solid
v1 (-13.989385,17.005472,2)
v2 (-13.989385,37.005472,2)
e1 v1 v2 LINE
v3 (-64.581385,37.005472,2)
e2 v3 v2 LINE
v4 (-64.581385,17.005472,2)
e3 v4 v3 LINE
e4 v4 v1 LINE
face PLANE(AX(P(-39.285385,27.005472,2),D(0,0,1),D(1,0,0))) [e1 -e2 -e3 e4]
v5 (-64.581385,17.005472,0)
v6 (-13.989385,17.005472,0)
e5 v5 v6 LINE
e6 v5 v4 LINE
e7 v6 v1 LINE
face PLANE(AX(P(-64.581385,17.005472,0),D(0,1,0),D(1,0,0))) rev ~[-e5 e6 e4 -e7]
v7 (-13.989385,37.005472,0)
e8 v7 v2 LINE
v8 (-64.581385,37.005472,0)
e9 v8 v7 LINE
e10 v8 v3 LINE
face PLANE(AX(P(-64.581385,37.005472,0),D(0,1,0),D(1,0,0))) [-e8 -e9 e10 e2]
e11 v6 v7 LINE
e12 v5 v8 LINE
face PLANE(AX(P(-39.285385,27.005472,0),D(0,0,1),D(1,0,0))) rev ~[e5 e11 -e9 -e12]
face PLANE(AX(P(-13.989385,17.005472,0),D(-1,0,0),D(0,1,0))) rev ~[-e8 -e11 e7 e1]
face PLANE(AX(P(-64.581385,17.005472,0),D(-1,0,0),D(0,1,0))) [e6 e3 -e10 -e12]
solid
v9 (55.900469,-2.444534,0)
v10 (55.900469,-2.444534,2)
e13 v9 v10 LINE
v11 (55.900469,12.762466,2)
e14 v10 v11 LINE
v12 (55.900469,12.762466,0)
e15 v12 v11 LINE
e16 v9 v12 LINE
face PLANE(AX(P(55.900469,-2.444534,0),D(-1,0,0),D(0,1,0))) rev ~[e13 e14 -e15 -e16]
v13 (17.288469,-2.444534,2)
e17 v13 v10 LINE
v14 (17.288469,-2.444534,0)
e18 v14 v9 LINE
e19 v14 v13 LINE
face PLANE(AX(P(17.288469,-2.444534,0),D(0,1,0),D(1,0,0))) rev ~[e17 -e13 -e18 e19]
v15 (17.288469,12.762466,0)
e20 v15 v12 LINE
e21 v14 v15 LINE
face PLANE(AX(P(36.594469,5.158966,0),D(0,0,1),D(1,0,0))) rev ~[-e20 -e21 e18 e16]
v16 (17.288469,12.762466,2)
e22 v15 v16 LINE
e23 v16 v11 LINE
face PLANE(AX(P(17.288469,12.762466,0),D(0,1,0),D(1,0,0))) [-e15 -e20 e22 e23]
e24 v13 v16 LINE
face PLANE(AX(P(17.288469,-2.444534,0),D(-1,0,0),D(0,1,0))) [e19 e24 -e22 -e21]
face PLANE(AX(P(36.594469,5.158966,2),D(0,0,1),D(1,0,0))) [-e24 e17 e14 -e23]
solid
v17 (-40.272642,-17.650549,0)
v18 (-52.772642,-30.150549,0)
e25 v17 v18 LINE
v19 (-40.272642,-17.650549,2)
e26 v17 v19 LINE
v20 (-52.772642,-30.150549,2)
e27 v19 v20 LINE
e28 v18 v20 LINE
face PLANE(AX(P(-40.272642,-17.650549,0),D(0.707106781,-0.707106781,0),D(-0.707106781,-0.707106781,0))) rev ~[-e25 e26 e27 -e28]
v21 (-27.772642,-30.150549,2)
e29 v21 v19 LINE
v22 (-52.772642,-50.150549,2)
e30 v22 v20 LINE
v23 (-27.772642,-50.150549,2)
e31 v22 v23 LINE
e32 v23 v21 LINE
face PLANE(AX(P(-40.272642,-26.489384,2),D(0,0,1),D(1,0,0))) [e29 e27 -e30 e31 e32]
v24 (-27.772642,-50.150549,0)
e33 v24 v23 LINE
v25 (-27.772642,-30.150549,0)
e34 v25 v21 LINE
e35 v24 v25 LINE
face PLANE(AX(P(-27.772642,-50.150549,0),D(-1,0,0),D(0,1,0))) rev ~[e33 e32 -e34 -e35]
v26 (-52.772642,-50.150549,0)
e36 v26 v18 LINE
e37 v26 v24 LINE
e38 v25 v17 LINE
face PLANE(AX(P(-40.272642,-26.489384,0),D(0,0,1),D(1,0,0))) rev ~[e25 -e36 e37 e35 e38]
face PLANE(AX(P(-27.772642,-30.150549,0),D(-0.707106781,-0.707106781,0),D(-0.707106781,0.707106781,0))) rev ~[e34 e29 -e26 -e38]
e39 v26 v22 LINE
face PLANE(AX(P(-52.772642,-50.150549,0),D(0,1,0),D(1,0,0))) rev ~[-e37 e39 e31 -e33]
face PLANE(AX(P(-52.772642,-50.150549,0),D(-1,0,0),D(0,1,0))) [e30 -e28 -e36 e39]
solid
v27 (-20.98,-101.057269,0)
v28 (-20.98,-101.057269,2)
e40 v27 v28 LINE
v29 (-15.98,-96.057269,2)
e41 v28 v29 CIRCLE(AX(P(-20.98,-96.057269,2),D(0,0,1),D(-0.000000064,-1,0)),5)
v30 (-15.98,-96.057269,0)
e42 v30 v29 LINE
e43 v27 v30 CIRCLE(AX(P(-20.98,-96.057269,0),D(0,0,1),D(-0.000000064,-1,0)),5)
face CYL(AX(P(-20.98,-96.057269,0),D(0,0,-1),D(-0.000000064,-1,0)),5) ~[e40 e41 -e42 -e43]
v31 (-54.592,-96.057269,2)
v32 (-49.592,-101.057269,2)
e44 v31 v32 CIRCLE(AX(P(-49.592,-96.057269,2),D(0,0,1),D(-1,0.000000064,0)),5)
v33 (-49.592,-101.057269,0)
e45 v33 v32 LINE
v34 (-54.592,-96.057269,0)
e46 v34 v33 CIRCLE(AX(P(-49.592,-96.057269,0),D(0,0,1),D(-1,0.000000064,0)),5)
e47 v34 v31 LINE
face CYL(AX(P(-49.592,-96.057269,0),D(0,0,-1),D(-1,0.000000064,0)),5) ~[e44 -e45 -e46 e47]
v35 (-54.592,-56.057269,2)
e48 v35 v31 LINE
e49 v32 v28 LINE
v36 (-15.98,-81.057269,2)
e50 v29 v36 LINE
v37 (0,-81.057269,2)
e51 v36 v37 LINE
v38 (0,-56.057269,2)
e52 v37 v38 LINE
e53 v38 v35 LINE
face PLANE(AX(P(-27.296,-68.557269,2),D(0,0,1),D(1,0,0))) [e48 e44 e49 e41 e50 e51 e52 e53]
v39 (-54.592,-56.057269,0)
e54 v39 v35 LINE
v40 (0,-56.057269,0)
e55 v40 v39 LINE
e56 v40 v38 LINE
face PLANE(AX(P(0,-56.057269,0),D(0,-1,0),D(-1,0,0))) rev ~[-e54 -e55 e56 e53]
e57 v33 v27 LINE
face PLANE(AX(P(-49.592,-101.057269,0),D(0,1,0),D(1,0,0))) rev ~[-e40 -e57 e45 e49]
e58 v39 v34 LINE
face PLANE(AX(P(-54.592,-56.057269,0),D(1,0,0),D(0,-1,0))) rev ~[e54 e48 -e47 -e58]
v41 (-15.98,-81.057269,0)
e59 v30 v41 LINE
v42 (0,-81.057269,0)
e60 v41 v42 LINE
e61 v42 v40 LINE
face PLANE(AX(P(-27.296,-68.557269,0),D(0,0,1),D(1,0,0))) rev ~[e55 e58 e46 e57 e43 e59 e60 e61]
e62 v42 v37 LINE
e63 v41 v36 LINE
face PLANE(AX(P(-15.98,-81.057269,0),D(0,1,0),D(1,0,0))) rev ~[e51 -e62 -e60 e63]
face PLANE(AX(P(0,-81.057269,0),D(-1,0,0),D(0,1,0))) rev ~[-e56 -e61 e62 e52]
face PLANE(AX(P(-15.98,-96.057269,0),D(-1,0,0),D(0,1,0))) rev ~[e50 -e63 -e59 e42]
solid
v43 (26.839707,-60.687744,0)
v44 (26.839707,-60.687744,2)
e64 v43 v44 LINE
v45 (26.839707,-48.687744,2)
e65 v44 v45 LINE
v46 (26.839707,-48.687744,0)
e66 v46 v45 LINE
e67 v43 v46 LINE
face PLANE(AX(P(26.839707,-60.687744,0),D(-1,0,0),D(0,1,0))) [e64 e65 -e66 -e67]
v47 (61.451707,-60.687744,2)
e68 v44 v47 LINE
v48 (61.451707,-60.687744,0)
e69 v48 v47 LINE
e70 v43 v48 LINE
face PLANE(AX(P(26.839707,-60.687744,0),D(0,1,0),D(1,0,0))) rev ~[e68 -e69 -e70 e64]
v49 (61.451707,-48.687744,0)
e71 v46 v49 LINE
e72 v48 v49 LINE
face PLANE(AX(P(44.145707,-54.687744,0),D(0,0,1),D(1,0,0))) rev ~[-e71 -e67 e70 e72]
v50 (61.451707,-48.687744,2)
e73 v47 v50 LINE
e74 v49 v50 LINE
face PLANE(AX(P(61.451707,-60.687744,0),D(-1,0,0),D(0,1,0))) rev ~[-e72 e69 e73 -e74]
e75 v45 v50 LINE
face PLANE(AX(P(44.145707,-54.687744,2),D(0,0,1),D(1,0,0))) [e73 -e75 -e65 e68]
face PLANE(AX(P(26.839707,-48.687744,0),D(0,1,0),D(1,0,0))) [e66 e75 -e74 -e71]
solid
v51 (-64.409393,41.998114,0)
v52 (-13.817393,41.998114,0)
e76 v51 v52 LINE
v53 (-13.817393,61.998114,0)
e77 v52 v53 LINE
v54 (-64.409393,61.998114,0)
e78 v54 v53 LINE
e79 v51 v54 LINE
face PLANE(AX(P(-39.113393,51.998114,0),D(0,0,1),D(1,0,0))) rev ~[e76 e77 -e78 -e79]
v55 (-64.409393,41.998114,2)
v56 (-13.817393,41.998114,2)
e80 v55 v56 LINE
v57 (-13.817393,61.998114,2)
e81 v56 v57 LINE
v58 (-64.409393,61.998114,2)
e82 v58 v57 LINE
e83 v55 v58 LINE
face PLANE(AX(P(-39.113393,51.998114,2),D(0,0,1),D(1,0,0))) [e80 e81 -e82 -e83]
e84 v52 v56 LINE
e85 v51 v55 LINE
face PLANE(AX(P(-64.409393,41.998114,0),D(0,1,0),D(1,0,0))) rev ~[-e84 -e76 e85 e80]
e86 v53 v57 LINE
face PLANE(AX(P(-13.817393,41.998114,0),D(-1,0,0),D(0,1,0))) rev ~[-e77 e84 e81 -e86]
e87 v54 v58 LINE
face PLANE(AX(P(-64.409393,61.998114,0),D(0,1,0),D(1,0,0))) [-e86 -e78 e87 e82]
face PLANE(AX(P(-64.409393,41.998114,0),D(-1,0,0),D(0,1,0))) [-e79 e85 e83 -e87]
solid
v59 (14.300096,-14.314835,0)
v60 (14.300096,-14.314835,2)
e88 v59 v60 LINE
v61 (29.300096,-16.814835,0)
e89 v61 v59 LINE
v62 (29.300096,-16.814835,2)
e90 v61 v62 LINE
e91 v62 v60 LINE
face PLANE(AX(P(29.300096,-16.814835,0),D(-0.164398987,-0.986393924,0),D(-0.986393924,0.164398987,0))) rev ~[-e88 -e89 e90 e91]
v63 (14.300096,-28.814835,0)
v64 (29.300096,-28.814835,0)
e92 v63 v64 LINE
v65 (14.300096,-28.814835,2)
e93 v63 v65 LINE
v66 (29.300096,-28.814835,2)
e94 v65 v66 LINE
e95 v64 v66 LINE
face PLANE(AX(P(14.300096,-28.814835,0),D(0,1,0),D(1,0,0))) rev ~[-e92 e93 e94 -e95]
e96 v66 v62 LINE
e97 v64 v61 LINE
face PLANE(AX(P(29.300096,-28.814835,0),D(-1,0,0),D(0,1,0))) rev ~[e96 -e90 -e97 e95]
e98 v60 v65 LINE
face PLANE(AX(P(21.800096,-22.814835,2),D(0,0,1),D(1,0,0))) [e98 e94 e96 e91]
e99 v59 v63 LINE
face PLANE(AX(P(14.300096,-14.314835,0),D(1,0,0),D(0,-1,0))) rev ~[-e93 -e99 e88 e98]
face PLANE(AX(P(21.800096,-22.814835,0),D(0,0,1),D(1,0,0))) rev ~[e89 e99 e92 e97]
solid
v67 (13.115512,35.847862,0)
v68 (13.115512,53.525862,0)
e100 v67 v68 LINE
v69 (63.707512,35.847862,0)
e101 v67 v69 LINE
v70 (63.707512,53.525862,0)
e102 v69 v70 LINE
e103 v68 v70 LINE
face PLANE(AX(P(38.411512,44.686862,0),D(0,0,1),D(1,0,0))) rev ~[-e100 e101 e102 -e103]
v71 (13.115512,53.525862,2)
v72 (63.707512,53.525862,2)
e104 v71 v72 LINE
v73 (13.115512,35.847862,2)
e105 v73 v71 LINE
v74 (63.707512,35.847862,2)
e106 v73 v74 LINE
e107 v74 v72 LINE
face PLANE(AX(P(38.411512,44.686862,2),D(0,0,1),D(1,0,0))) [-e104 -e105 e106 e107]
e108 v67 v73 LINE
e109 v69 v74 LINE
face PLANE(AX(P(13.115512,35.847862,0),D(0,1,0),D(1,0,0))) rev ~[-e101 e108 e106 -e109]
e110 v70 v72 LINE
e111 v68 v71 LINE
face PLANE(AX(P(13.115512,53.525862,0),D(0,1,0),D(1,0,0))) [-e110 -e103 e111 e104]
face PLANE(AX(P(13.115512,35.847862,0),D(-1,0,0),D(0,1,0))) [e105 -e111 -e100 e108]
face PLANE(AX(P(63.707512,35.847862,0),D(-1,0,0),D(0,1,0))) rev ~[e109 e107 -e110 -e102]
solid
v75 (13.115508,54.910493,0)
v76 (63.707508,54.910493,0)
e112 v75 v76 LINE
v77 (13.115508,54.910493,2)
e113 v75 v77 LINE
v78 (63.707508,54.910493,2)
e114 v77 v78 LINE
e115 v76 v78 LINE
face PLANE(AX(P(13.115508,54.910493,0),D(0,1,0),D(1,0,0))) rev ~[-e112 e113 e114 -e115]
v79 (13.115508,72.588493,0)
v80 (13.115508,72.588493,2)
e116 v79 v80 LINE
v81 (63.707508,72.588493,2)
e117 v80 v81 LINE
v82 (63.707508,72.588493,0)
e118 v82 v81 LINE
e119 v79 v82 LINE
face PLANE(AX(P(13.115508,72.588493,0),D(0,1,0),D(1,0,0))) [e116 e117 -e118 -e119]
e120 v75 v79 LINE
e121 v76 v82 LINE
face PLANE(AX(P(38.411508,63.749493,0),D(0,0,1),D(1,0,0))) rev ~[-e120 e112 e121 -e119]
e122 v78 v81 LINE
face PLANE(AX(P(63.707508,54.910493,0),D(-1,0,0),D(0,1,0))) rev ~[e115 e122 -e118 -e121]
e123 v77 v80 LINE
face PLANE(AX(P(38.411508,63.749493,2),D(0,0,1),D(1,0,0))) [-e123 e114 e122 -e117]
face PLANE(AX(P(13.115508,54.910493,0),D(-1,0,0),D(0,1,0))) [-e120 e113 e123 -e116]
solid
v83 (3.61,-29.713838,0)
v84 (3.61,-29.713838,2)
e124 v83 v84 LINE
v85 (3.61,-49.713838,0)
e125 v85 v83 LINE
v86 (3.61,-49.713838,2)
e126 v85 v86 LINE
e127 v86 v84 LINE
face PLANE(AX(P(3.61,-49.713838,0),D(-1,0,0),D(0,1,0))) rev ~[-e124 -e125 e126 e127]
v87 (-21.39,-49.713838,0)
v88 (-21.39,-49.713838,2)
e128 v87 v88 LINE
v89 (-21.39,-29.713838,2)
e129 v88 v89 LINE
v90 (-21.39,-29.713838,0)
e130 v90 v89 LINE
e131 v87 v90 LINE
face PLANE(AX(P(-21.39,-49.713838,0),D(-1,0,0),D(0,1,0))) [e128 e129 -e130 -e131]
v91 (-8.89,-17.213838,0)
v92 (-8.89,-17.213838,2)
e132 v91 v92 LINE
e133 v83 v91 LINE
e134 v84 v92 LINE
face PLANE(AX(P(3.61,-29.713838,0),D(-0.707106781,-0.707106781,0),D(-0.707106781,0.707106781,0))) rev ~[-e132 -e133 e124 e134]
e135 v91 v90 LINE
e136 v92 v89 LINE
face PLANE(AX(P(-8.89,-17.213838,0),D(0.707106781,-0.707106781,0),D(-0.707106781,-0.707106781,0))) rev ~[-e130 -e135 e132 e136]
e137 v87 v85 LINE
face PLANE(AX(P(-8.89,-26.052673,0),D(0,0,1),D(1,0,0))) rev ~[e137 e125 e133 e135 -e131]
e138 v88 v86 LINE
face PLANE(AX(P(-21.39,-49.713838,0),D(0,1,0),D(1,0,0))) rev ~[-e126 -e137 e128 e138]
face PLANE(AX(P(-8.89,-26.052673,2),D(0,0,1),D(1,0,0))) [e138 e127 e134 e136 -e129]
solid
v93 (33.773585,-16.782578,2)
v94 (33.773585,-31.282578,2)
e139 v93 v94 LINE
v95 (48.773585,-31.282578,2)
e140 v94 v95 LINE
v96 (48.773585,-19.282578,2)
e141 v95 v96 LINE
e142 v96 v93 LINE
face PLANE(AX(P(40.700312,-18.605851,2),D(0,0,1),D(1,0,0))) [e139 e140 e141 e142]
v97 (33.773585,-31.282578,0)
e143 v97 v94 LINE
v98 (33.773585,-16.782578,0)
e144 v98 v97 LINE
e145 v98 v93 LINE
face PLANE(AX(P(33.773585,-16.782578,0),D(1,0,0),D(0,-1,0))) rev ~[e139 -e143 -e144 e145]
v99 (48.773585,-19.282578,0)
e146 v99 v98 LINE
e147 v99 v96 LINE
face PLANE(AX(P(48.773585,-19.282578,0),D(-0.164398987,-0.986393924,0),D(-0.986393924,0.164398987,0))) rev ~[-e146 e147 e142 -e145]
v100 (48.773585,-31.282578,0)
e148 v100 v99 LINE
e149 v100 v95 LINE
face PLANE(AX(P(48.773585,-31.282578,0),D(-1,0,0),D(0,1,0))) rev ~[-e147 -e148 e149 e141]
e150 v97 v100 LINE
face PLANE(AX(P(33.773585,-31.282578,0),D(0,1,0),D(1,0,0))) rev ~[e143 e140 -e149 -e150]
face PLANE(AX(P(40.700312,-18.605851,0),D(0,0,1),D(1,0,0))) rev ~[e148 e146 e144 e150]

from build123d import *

# Parameters (mm, degrees)
F6_W      = 25
F6_H      = 20
F3_W      = 50.592
F3_H      = 17.678
F4_W      = 25
F4_H      = 20
F0_W      = 50.592
F0_H      = 20
F10_W     = 34.612
F10_H     = 12
F5_W      = 15
F5_H      = 12
F1_W      = 50.592
F1_H      = 20
F8_W      = 15
F8_H      = 12
F9_W      = 38.612
F9_H      = 15.207
F2_W      = 50.592
F2_H      = 17.678
F11_DEPTH = 2


with BuildPart() as f11:
    # F6 (on Top) + F3 (on Top) + F4 (on Top) + F0 (on Top) + F10 (on Top) + F5 (on Top) + F1 (on Top) + F8 (on Top) + F9 (on Top) + F2 (on Top) + F7 (on Top) → F11 (new body)
    with BuildSketch(Plane.XY):
        Polygon((-8.89, -17.213838), (-21.39, -29.713838), (3.61, -29.713838), align=None)
        with Locations((-8.89, -39.713838)):
            Rectangle(F6_W, F6_H)
    with BuildSketch(Plane.XY):
        with Locations((38.411512, 44.686862)):
            Rectangle(F3_W, F3_H)
    with BuildSketch(Plane.XY):
        Polygon((-40.272642, -17.650549), (-52.772642, -30.150549), (-27.772642, -30.150549), align=None)
        with Locations((-40.272642, -40.150549)):
            Rectangle(F4_W, F4_H)
    with BuildSketch(Plane.XY):
        with Locations((-39.113393, 51.998114)):
            Rectangle(F0_W, F0_H)
    with BuildSketch(Plane.XY):
        with Locations((44.145707, -54.687744)):
            Rectangle(F10_W, F10_H)
    with BuildSketch(Plane.XY):
        Polygon((33.773585, -16.782578), (33.773585, -19.282578), (48.773585, -19.282578), align=None)
        with Locations((41.273585, -25.282578)):
            Rectangle(F5_W, F5_H)
    with BuildSketch(Plane.XY):
        with Locations((-39.285385, 27.005472)):
            Rectangle(F1_W, F1_H)
    with BuildSketch(Plane.XY):
        with Locations((21.800096, -22.814835)):
            Rectangle(F8_W, F8_H)
        Polygon((14.300096, -14.314835), (14.300096, -16.814835), (29.300096, -16.814835), align=None)
    with BuildSketch(Plane.XY):
        with Locations((36.594469, 5.158966)):
            Rectangle(F9_W, F9_H)
    with BuildSketch(Plane.XY):
        with Locations((38.411508, 63.749493)):
            Rectangle(F2_W, F2_H)
    with BuildSketch(Plane.XY):
        Polygon((0, -56.057269), (-54.592, -56.057269), (-54.592, -81.057269), (-15.98, -81.057269), (0, -81.057269), align=None)
        with BuildLine():
            Line((-15.98, -81.057269), (-54.592, -81.057269))
            Line((-54.592, -81.057269), (-54.592, -96.057269))
            ThreePointArc((-54.592, -96.057269), (-53.127534, -99.592803), (-49.592, -101.057269))
            Line((-49.592, -101.057269), (-20.98, -101.057269))
            ThreePointArc((-20.98, -101.057269), (-17.444466, -99.592803), (-15.98, -96.057269))
            Line((-15.98, -96.057269), (-15.98, -81.057269))
        make_face()
    extrude(amount=F11_DEPTH)


solid = f11.part
